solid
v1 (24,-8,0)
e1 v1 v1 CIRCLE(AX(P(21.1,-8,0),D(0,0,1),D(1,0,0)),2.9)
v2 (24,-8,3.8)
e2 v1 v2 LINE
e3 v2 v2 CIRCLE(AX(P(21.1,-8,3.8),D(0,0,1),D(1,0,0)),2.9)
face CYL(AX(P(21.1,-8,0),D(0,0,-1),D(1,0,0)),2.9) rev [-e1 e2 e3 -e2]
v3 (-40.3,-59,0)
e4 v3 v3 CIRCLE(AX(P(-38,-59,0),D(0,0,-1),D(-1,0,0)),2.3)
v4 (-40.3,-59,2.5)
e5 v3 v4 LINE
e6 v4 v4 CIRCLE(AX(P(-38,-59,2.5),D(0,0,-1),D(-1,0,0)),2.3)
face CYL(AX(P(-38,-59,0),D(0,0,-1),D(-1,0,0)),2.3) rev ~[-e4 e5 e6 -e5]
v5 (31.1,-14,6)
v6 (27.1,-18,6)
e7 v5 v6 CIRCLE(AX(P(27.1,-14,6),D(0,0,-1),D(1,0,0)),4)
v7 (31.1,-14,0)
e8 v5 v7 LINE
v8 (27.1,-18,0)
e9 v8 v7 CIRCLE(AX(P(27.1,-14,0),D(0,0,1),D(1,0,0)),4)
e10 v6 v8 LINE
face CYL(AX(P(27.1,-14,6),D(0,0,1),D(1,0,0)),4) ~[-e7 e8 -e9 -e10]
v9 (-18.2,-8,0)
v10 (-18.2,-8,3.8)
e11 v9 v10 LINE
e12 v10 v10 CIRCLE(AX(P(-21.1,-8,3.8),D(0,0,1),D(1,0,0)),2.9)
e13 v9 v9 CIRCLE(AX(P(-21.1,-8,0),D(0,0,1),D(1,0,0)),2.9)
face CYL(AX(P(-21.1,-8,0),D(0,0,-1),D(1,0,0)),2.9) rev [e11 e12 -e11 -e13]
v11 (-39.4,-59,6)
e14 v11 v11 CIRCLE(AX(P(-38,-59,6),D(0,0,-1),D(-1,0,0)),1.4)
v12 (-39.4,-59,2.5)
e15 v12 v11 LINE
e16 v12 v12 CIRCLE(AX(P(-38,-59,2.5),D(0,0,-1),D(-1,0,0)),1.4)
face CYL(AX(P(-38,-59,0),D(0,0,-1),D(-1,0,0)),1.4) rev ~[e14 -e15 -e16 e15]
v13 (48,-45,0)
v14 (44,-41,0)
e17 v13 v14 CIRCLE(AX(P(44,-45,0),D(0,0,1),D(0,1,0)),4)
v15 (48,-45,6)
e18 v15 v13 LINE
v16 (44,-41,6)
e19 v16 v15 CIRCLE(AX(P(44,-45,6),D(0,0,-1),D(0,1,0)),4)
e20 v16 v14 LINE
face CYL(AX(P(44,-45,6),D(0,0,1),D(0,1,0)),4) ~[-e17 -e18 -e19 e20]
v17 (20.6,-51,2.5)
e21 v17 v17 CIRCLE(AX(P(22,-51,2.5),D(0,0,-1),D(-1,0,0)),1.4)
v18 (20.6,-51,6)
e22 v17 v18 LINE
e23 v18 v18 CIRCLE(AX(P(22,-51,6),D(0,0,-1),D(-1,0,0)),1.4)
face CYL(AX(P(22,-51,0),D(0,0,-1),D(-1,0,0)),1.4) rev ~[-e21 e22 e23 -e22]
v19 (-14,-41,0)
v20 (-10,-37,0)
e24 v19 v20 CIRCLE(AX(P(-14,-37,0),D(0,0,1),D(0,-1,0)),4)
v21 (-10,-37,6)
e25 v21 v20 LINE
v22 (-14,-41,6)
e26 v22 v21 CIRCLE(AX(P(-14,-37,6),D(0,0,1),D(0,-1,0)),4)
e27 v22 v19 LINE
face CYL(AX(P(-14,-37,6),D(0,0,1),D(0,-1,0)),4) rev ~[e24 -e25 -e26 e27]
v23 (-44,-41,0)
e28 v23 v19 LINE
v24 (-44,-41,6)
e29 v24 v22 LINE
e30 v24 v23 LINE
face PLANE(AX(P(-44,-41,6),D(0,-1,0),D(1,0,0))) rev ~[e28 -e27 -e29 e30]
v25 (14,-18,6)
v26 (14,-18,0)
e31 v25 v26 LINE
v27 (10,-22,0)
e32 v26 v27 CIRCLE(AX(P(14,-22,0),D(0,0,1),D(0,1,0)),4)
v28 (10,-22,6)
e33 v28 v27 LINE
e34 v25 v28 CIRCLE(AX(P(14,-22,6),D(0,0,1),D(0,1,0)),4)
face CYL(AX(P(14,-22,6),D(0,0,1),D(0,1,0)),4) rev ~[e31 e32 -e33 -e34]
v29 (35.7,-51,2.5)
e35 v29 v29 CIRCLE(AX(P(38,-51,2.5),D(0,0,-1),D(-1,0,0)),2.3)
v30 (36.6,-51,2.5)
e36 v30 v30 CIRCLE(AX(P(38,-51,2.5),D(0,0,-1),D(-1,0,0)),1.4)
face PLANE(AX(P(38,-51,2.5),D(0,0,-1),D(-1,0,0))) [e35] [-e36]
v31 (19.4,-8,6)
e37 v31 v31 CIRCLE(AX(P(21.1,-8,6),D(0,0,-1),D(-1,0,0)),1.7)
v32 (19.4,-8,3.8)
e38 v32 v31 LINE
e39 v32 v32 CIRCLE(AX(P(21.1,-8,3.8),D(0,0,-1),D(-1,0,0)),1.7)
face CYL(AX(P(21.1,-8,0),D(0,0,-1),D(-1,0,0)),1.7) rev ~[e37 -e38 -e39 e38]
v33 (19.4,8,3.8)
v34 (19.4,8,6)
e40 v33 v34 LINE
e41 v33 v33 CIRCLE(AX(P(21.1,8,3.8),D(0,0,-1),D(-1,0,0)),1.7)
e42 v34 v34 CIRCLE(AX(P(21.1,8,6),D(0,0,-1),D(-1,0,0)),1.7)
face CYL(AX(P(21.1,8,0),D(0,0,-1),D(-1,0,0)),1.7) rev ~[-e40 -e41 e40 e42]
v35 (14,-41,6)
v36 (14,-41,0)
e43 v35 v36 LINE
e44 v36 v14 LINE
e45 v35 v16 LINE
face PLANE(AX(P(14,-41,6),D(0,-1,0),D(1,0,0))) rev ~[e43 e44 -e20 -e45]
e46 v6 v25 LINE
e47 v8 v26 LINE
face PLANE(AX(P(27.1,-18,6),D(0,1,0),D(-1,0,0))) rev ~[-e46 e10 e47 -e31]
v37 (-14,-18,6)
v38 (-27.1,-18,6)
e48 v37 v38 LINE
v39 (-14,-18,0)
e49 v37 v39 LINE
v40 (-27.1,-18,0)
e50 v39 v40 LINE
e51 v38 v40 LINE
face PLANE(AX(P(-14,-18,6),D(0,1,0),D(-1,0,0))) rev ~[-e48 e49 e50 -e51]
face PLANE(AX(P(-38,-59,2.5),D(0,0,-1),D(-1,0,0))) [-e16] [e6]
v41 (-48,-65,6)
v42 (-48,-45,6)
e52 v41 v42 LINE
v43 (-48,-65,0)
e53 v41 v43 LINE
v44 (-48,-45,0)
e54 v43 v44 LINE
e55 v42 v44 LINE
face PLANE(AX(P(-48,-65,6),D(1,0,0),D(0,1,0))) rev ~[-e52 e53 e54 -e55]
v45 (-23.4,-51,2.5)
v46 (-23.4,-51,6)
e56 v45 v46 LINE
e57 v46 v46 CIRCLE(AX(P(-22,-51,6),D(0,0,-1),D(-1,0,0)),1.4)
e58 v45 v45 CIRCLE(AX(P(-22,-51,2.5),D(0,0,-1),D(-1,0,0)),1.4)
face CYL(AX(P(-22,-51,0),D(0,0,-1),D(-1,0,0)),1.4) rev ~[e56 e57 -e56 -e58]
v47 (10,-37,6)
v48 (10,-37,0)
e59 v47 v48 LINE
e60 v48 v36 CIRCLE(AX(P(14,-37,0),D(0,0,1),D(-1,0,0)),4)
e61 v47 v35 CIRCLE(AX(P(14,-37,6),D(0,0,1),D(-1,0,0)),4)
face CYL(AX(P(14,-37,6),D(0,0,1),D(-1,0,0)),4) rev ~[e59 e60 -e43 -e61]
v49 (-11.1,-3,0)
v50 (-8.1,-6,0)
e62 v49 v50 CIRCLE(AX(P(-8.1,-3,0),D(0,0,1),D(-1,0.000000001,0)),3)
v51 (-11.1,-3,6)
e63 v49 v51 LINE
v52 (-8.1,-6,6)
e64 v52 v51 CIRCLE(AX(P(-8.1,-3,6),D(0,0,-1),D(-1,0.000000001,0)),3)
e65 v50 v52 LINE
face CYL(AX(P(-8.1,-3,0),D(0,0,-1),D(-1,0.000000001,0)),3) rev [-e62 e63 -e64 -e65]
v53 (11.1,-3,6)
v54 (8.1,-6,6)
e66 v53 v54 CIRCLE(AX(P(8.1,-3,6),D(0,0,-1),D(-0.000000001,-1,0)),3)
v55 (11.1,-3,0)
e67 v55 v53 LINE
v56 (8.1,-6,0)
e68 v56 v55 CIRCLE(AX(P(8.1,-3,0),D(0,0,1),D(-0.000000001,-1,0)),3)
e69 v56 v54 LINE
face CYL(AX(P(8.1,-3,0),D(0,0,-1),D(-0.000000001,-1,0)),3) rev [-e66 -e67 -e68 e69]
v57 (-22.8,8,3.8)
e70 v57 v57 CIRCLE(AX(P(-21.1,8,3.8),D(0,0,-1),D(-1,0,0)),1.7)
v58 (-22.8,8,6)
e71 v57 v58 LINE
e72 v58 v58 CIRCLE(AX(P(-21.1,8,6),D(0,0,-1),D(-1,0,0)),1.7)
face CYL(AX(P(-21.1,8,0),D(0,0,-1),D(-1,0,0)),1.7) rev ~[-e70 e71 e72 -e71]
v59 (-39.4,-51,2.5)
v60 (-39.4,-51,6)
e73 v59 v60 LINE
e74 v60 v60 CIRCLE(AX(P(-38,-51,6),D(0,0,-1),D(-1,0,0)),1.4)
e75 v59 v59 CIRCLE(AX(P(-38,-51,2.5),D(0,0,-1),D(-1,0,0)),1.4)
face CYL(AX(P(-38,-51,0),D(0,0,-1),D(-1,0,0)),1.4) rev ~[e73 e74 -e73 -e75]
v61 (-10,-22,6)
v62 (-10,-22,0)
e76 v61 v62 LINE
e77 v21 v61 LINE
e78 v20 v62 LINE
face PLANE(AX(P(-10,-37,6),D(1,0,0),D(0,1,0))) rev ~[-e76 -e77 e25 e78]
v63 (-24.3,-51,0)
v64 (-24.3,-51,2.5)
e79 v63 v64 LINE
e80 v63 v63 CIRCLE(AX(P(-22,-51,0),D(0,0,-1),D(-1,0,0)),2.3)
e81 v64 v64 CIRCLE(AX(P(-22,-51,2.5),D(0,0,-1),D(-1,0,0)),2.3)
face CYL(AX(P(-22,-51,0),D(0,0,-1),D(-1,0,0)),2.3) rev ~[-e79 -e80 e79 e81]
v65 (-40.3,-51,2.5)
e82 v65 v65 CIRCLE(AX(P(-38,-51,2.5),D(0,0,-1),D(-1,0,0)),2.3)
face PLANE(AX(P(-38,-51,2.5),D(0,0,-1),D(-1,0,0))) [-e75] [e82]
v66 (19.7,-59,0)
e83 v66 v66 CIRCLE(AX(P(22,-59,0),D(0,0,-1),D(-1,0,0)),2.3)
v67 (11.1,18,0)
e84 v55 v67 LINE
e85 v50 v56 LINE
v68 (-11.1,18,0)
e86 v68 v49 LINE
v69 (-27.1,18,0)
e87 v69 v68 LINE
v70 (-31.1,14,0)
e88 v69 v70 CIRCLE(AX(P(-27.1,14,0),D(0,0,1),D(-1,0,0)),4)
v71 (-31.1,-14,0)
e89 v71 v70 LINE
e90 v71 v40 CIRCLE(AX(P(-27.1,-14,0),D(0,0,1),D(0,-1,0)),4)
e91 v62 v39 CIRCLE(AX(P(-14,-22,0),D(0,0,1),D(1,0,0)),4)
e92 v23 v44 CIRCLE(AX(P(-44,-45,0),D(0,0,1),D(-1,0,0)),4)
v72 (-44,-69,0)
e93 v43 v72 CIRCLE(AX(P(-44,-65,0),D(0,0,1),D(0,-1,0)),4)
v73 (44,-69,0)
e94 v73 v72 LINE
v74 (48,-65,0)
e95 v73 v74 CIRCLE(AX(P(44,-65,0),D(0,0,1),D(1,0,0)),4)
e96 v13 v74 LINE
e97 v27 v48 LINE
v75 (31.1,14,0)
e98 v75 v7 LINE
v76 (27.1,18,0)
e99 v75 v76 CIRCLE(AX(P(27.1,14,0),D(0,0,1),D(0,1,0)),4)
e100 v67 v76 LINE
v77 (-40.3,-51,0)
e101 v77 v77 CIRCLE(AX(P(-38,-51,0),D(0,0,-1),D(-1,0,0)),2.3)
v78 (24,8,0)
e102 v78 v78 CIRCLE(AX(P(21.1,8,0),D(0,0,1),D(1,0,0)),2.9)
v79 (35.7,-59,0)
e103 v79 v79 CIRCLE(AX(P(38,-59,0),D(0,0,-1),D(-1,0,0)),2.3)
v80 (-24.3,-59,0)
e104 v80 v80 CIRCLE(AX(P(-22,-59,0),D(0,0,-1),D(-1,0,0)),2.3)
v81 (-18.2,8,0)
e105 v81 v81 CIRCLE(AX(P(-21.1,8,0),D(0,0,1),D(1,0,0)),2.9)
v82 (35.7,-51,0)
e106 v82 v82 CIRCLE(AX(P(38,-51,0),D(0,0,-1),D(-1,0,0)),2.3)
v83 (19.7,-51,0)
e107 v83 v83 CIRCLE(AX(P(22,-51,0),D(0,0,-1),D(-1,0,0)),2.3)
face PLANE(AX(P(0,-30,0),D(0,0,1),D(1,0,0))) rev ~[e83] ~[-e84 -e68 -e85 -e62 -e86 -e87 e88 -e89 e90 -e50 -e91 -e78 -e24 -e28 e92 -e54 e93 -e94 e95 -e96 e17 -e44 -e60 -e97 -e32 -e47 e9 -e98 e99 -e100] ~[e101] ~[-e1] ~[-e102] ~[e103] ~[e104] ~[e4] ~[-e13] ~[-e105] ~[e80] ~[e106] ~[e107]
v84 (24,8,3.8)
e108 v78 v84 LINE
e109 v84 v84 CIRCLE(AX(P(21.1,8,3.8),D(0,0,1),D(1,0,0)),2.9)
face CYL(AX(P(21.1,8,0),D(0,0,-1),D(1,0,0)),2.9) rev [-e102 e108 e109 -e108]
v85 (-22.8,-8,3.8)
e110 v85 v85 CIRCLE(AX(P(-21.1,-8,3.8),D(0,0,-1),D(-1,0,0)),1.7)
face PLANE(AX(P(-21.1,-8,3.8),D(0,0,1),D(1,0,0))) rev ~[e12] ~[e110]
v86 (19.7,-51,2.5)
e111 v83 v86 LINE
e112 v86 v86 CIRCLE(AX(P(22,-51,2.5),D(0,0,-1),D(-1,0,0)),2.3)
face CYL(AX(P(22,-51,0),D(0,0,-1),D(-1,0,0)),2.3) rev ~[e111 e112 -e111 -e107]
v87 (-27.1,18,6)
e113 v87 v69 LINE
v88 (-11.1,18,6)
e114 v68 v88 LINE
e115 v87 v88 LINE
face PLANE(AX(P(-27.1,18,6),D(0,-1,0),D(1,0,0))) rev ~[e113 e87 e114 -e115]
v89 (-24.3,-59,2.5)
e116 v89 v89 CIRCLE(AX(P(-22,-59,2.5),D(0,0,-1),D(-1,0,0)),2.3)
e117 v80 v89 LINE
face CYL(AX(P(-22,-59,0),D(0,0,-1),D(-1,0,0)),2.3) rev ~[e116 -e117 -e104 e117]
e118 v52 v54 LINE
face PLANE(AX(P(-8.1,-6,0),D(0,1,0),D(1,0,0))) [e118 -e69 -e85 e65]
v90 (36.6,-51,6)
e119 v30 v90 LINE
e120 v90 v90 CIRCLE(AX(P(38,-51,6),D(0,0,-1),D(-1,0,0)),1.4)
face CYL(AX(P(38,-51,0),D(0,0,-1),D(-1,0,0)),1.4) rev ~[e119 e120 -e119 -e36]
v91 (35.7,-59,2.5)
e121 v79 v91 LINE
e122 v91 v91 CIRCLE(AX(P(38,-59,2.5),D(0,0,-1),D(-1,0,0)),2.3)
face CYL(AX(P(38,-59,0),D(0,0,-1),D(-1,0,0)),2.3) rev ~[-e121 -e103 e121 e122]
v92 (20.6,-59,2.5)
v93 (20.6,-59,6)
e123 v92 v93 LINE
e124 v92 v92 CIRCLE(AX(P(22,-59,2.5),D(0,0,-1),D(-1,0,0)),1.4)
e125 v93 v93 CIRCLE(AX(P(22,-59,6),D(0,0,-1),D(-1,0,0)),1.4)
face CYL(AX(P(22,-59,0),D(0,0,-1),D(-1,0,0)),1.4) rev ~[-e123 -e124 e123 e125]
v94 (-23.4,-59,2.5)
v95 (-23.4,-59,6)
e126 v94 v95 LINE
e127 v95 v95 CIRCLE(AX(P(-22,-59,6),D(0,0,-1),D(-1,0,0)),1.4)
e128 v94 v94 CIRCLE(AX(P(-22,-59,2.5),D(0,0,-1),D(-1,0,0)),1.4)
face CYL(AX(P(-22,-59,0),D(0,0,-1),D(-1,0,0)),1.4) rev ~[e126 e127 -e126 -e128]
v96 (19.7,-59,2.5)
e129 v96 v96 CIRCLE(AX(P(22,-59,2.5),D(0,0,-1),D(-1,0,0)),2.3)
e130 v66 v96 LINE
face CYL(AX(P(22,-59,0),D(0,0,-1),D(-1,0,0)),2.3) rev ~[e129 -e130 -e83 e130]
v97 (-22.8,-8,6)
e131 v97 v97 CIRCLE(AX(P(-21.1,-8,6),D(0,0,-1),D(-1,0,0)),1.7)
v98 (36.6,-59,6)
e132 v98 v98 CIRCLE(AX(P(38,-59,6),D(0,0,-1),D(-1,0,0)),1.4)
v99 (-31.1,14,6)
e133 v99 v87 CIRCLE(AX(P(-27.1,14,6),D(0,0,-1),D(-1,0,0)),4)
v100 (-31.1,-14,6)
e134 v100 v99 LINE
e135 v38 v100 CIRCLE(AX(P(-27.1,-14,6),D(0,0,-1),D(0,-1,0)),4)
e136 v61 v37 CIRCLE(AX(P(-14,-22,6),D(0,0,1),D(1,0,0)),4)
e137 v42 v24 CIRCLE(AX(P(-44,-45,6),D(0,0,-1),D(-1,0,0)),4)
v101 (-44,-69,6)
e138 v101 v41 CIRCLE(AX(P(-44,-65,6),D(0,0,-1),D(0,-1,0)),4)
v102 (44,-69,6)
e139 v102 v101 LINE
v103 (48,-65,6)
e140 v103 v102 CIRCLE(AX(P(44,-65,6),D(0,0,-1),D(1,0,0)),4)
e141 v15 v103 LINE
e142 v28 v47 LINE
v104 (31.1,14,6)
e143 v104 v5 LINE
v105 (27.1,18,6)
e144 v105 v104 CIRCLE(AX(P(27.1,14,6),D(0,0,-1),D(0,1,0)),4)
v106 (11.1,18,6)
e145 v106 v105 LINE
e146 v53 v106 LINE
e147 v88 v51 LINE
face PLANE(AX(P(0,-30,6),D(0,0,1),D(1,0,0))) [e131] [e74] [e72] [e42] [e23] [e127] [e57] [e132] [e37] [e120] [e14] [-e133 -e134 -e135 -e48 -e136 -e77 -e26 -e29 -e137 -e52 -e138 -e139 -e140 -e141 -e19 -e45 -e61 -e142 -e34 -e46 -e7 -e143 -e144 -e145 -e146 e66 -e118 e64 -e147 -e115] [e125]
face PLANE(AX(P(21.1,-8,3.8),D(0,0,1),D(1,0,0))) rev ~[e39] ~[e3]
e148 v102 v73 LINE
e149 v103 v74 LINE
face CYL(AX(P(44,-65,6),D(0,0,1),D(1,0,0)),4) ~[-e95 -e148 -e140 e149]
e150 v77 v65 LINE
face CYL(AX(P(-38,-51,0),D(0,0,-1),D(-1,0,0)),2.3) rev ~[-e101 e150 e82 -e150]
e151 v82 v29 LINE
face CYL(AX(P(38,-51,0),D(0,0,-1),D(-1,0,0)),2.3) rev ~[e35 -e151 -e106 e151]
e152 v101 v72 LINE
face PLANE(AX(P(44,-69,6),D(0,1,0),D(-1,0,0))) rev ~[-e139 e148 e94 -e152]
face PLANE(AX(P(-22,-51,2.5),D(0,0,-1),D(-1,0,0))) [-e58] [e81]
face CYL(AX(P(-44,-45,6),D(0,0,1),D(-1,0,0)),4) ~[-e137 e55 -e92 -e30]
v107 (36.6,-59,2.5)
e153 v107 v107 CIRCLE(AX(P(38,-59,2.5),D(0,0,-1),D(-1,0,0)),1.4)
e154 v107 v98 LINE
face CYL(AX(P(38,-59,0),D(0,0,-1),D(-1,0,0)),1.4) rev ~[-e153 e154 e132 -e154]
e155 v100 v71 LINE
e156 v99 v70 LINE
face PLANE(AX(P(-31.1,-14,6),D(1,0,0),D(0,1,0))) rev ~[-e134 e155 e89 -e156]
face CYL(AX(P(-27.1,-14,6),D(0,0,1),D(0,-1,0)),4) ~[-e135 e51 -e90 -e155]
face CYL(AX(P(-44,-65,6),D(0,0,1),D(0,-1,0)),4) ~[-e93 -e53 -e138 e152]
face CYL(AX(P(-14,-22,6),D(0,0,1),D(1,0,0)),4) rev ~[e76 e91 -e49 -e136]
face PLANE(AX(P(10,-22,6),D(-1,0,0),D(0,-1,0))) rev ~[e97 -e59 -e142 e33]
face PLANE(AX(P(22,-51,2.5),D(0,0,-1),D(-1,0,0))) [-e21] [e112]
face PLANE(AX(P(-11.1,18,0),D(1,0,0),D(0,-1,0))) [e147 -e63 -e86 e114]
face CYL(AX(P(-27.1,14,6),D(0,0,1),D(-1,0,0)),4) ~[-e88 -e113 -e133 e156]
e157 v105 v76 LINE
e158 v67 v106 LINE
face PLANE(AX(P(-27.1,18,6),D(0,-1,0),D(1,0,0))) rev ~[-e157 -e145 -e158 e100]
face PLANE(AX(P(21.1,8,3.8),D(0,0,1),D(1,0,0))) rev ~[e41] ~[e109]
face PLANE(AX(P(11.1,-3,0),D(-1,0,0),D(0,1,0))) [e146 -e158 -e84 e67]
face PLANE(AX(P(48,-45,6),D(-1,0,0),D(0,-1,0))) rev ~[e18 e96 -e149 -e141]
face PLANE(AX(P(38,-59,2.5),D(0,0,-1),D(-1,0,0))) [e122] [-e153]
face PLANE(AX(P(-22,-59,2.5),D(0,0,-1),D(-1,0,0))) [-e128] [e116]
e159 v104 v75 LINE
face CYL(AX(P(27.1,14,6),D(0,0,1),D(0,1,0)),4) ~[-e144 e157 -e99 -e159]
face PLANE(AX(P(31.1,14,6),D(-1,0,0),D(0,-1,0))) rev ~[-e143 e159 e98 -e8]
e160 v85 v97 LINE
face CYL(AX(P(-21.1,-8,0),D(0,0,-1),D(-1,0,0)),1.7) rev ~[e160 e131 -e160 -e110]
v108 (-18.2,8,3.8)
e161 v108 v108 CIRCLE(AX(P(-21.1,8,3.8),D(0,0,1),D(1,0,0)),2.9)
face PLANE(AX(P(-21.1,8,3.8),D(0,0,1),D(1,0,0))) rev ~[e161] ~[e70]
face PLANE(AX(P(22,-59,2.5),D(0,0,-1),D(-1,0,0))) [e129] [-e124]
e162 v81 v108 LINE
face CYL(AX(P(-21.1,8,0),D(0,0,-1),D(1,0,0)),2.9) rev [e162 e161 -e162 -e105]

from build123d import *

# Parameters (mm, degrees)
SKETCH1_W           = 100
SKETCH1_H           = 100
BOSS_EXTRUDE1_DEPTH = 6
SKETCH2_R           = 2.9
CUT_EXTRUDE1_DEPTH  = 3.8
SKETCH3_R           = 1.7
CUT_EXTRUDE2_DEPTH  = 6
SKETCH4_R           = 2.3
CUT_EXTRUDE3_DEPTH  = 2.5
SKETCH5_R           = 1.4
CUT_EXTRUDE4_DEPTH  = 6
SKETCH6_W           = 100
SKETCH6_H           = 100
CUT_EXTRUDE5_DEPTH  = 10
CUT_EXTRUDE6_REACH  = 8


with BuildPart() as part:
    # Sketch1 → Boss-Extrude1 (new body)
    with BuildSketch(Plane.XY):
        with Locations((0, -30)):
            Rectangle(SKETCH1_W, SKETCH1_H)
    extrude(amount=BOSS_EXTRUDE1_DEPTH)

    # Sketch2 → Cut-Extrude1 (cut)
    with BuildSketch(Plane.XY):
        with Locations((21.1, -8)):
            Circle(SKETCH2_R)
        with Locations((-21.1, 8)):
            Circle(SKETCH2_R)
        with Locations((-21.1, -8)):
            Circle(SKETCH2_R)
        with Locations((21.1, 8)):
            Circle(SKETCH2_R)
    extrude(amount=CUT_EXTRUDE1_DEPTH, mode=Mode.SUBTRACT)

    # Sketch3 → Cut-Extrude2 (cut)
    with BuildSketch(Plane(origin=(0, 0, 0), x_dir=(-1, 0, 0), z_dir=(0, 0, -1))):
        with Locations((-21.1, 8)):
            Circle(SKETCH3_R)
        with Locations((21.1, 8)):
            Circle(SKETCH3_R)
        with Locations((21.1, -8)):
            Circle(SKETCH3_R)
        with Locations((-21.1, -8)):
            Circle(SKETCH3_R)
    extrude(amount=-CUT_EXTRUDE2_DEPTH, mode=Mode.SUBTRACT)

    # Sketch4 → Cut-Extrude3 (cut)
    with BuildSketch(Plane(origin=(0, 0, 0), x_dir=(-1, 0, 0), z_dir=(0, 0, -1))):
        with Locations((-38, -59)):
            Circle(SKETCH4_R)
        with Locations((-38, -51)):
            Circle(SKETCH4_R)
        with Locations((-22, -51)):
            Circle(SKETCH4_R)
        with Locations((-22, -59)):
            Circle(SKETCH4_R)
        with Locations((37.999999976, -59)):
            Circle(SKETCH4_R)
        with Locations((22, -51)):
            Circle(SKETCH4_R)
        with Locations((22, -59)):
            Circle(SKETCH4_R)
        with Locations((37.999999976, -51)):
            Circle(SKETCH4_R)
    extrude(amount=-CUT_EXTRUDE3_DEPTH, mode=Mode.SUBTRACT)

    # Sketch5 → Cut-Extrude4 (cut)
    with BuildSketch(Plane(origin=(0, 0, 0), x_dir=(-1, 0, 0), z_dir=(0, 0, -1))):
        with Locations((-38.000000024, -59)):
            Circle(SKETCH5_R)
        with Locations((-38.000000024, -51)):
            Circle(SKETCH5_R)
        with Locations((-22, -51)):
            Circle(SKETCH5_R)
        with Locations((-22, -59)):
            Circle(SKETCH5_R)
        with Locations((37.999999976, -59)):
            Circle(SKETCH5_R)
        with Locations((22, -51)):
            Circle(SKETCH5_R)
        with Locations((22, -59)):
            Circle(SKETCH5_R)
        with Locations((37.999999976, -51)):
            Circle(SKETCH5_R)
    extrude(amount=-CUT_EXTRUDE4_DEPTH, mode=Mode.SUBTRACT)

    # Sketch6 → Cut-Extrude5 (cut)
    with BuildSketch(Plane.XY.offset(6)):
        with Locations((0, -30)):
            Rectangle(SKETCH6_W, SKETCH6_H)
        with BuildLine():
            Line((-31.1, -14), (-31.1, 14))
            ThreePointArc((-31.1, 14), (-29.928427125, 16.828427125), (-27.1, 18))
            Line((-27.1, 18), (27.1, 18))
            ThreePointArc((27.1, 18), (29.928427125, 16.828427125), (31.1, 14))
            Line((31.1, 14), (31.1, -14))
            ThreePointArc((31.1, -14), (29.928427125, -16.828427125), (27.1, -18))
            Line((27.1, -18), (14, -18))
            ThreePointArc((14, -18), (11.171572875, -19.171572875), (10, -22))
            Line((10, -22), (10, -37))
            ThreePointArc((10, -37), (11.171572875, -39.828427125), (14, -41))
            Line((14, -41), (44.000000024, -41))
            ThreePointArc((44.000000024, -41), (46.828427149, -42.171572875), (48.000000024, -45))
            Line((48.000000024, -45), (48.000000024, -65))
            ThreePointArc((48.000000024, -65), (46.828427149, -67.828427125), (44.000000024, -69))
            Line((44.000000024, -69), (-43.999999976, -69))
            ThreePointArc((-43.999999976, -69), (-46.8284271, -67.828427125), (-47.999999976, -65))
            Line((-47.999999976, -65), (-47.999999976, -45))
            ThreePointArc((-47.999999976, -45), (-46.8284271, -42.171572875), (-43.999999976, -41))
            Line((-43.999999976, -41), (-14, -41))
            ThreePointArc((-14, -41), (-11.171572875, -39.828427125), (-10, -37))
            Line((-10, -37), (-10, -22))
            ThreePointArc((-10, -22), (-11.171572875, -19.171572875), (-14, -18))
            Line((-14, -18), (-27.1, -18))
            ThreePointArc((-27.1, -18), (-29.928427125, -16.828427125), (-31.1, -14))
        make_face(mode=Mode.SUBTRACT)
    extrude(amount=-CUT_EXTRUDE5_DEPTH, mode=Mode.SUBTRACT)

    # Sketch7 → Cut-Extrude6 (cut, up to next)
    with BuildSketch(Plane.XY, mode=Mode.PRIVATE) as cut_extrude6_sk1:
        with BuildLine():
            Line((-11.1, 18), (-11.1, -3))
            ThreePointArc((-11.1, -3), (-10.221320344, -5.121320344), (-8.1, -6))
            Line((-8.1, -6), (8.1, -6))
            ThreePointArc((8.1, -6), (10.221320344, -5.121320344), (11.1, -3))
            Line((11.1, -3), (11.1, 18))
            Line((11.1, 18), (-11.1, 18))
        make_face()
    cut_extrude6_tool1 = extrude(cut_extrude6_sk1.sketch, amount=CUT_EXTRUDE6_REACH, mode=Mode.PRIVATE) & part.part
    add(cut_extrude6_tool1.solids().sort_by_distance((0, 6.082742, 0))[0], mode=Mode.SUBTRACT)


solid = part.part
